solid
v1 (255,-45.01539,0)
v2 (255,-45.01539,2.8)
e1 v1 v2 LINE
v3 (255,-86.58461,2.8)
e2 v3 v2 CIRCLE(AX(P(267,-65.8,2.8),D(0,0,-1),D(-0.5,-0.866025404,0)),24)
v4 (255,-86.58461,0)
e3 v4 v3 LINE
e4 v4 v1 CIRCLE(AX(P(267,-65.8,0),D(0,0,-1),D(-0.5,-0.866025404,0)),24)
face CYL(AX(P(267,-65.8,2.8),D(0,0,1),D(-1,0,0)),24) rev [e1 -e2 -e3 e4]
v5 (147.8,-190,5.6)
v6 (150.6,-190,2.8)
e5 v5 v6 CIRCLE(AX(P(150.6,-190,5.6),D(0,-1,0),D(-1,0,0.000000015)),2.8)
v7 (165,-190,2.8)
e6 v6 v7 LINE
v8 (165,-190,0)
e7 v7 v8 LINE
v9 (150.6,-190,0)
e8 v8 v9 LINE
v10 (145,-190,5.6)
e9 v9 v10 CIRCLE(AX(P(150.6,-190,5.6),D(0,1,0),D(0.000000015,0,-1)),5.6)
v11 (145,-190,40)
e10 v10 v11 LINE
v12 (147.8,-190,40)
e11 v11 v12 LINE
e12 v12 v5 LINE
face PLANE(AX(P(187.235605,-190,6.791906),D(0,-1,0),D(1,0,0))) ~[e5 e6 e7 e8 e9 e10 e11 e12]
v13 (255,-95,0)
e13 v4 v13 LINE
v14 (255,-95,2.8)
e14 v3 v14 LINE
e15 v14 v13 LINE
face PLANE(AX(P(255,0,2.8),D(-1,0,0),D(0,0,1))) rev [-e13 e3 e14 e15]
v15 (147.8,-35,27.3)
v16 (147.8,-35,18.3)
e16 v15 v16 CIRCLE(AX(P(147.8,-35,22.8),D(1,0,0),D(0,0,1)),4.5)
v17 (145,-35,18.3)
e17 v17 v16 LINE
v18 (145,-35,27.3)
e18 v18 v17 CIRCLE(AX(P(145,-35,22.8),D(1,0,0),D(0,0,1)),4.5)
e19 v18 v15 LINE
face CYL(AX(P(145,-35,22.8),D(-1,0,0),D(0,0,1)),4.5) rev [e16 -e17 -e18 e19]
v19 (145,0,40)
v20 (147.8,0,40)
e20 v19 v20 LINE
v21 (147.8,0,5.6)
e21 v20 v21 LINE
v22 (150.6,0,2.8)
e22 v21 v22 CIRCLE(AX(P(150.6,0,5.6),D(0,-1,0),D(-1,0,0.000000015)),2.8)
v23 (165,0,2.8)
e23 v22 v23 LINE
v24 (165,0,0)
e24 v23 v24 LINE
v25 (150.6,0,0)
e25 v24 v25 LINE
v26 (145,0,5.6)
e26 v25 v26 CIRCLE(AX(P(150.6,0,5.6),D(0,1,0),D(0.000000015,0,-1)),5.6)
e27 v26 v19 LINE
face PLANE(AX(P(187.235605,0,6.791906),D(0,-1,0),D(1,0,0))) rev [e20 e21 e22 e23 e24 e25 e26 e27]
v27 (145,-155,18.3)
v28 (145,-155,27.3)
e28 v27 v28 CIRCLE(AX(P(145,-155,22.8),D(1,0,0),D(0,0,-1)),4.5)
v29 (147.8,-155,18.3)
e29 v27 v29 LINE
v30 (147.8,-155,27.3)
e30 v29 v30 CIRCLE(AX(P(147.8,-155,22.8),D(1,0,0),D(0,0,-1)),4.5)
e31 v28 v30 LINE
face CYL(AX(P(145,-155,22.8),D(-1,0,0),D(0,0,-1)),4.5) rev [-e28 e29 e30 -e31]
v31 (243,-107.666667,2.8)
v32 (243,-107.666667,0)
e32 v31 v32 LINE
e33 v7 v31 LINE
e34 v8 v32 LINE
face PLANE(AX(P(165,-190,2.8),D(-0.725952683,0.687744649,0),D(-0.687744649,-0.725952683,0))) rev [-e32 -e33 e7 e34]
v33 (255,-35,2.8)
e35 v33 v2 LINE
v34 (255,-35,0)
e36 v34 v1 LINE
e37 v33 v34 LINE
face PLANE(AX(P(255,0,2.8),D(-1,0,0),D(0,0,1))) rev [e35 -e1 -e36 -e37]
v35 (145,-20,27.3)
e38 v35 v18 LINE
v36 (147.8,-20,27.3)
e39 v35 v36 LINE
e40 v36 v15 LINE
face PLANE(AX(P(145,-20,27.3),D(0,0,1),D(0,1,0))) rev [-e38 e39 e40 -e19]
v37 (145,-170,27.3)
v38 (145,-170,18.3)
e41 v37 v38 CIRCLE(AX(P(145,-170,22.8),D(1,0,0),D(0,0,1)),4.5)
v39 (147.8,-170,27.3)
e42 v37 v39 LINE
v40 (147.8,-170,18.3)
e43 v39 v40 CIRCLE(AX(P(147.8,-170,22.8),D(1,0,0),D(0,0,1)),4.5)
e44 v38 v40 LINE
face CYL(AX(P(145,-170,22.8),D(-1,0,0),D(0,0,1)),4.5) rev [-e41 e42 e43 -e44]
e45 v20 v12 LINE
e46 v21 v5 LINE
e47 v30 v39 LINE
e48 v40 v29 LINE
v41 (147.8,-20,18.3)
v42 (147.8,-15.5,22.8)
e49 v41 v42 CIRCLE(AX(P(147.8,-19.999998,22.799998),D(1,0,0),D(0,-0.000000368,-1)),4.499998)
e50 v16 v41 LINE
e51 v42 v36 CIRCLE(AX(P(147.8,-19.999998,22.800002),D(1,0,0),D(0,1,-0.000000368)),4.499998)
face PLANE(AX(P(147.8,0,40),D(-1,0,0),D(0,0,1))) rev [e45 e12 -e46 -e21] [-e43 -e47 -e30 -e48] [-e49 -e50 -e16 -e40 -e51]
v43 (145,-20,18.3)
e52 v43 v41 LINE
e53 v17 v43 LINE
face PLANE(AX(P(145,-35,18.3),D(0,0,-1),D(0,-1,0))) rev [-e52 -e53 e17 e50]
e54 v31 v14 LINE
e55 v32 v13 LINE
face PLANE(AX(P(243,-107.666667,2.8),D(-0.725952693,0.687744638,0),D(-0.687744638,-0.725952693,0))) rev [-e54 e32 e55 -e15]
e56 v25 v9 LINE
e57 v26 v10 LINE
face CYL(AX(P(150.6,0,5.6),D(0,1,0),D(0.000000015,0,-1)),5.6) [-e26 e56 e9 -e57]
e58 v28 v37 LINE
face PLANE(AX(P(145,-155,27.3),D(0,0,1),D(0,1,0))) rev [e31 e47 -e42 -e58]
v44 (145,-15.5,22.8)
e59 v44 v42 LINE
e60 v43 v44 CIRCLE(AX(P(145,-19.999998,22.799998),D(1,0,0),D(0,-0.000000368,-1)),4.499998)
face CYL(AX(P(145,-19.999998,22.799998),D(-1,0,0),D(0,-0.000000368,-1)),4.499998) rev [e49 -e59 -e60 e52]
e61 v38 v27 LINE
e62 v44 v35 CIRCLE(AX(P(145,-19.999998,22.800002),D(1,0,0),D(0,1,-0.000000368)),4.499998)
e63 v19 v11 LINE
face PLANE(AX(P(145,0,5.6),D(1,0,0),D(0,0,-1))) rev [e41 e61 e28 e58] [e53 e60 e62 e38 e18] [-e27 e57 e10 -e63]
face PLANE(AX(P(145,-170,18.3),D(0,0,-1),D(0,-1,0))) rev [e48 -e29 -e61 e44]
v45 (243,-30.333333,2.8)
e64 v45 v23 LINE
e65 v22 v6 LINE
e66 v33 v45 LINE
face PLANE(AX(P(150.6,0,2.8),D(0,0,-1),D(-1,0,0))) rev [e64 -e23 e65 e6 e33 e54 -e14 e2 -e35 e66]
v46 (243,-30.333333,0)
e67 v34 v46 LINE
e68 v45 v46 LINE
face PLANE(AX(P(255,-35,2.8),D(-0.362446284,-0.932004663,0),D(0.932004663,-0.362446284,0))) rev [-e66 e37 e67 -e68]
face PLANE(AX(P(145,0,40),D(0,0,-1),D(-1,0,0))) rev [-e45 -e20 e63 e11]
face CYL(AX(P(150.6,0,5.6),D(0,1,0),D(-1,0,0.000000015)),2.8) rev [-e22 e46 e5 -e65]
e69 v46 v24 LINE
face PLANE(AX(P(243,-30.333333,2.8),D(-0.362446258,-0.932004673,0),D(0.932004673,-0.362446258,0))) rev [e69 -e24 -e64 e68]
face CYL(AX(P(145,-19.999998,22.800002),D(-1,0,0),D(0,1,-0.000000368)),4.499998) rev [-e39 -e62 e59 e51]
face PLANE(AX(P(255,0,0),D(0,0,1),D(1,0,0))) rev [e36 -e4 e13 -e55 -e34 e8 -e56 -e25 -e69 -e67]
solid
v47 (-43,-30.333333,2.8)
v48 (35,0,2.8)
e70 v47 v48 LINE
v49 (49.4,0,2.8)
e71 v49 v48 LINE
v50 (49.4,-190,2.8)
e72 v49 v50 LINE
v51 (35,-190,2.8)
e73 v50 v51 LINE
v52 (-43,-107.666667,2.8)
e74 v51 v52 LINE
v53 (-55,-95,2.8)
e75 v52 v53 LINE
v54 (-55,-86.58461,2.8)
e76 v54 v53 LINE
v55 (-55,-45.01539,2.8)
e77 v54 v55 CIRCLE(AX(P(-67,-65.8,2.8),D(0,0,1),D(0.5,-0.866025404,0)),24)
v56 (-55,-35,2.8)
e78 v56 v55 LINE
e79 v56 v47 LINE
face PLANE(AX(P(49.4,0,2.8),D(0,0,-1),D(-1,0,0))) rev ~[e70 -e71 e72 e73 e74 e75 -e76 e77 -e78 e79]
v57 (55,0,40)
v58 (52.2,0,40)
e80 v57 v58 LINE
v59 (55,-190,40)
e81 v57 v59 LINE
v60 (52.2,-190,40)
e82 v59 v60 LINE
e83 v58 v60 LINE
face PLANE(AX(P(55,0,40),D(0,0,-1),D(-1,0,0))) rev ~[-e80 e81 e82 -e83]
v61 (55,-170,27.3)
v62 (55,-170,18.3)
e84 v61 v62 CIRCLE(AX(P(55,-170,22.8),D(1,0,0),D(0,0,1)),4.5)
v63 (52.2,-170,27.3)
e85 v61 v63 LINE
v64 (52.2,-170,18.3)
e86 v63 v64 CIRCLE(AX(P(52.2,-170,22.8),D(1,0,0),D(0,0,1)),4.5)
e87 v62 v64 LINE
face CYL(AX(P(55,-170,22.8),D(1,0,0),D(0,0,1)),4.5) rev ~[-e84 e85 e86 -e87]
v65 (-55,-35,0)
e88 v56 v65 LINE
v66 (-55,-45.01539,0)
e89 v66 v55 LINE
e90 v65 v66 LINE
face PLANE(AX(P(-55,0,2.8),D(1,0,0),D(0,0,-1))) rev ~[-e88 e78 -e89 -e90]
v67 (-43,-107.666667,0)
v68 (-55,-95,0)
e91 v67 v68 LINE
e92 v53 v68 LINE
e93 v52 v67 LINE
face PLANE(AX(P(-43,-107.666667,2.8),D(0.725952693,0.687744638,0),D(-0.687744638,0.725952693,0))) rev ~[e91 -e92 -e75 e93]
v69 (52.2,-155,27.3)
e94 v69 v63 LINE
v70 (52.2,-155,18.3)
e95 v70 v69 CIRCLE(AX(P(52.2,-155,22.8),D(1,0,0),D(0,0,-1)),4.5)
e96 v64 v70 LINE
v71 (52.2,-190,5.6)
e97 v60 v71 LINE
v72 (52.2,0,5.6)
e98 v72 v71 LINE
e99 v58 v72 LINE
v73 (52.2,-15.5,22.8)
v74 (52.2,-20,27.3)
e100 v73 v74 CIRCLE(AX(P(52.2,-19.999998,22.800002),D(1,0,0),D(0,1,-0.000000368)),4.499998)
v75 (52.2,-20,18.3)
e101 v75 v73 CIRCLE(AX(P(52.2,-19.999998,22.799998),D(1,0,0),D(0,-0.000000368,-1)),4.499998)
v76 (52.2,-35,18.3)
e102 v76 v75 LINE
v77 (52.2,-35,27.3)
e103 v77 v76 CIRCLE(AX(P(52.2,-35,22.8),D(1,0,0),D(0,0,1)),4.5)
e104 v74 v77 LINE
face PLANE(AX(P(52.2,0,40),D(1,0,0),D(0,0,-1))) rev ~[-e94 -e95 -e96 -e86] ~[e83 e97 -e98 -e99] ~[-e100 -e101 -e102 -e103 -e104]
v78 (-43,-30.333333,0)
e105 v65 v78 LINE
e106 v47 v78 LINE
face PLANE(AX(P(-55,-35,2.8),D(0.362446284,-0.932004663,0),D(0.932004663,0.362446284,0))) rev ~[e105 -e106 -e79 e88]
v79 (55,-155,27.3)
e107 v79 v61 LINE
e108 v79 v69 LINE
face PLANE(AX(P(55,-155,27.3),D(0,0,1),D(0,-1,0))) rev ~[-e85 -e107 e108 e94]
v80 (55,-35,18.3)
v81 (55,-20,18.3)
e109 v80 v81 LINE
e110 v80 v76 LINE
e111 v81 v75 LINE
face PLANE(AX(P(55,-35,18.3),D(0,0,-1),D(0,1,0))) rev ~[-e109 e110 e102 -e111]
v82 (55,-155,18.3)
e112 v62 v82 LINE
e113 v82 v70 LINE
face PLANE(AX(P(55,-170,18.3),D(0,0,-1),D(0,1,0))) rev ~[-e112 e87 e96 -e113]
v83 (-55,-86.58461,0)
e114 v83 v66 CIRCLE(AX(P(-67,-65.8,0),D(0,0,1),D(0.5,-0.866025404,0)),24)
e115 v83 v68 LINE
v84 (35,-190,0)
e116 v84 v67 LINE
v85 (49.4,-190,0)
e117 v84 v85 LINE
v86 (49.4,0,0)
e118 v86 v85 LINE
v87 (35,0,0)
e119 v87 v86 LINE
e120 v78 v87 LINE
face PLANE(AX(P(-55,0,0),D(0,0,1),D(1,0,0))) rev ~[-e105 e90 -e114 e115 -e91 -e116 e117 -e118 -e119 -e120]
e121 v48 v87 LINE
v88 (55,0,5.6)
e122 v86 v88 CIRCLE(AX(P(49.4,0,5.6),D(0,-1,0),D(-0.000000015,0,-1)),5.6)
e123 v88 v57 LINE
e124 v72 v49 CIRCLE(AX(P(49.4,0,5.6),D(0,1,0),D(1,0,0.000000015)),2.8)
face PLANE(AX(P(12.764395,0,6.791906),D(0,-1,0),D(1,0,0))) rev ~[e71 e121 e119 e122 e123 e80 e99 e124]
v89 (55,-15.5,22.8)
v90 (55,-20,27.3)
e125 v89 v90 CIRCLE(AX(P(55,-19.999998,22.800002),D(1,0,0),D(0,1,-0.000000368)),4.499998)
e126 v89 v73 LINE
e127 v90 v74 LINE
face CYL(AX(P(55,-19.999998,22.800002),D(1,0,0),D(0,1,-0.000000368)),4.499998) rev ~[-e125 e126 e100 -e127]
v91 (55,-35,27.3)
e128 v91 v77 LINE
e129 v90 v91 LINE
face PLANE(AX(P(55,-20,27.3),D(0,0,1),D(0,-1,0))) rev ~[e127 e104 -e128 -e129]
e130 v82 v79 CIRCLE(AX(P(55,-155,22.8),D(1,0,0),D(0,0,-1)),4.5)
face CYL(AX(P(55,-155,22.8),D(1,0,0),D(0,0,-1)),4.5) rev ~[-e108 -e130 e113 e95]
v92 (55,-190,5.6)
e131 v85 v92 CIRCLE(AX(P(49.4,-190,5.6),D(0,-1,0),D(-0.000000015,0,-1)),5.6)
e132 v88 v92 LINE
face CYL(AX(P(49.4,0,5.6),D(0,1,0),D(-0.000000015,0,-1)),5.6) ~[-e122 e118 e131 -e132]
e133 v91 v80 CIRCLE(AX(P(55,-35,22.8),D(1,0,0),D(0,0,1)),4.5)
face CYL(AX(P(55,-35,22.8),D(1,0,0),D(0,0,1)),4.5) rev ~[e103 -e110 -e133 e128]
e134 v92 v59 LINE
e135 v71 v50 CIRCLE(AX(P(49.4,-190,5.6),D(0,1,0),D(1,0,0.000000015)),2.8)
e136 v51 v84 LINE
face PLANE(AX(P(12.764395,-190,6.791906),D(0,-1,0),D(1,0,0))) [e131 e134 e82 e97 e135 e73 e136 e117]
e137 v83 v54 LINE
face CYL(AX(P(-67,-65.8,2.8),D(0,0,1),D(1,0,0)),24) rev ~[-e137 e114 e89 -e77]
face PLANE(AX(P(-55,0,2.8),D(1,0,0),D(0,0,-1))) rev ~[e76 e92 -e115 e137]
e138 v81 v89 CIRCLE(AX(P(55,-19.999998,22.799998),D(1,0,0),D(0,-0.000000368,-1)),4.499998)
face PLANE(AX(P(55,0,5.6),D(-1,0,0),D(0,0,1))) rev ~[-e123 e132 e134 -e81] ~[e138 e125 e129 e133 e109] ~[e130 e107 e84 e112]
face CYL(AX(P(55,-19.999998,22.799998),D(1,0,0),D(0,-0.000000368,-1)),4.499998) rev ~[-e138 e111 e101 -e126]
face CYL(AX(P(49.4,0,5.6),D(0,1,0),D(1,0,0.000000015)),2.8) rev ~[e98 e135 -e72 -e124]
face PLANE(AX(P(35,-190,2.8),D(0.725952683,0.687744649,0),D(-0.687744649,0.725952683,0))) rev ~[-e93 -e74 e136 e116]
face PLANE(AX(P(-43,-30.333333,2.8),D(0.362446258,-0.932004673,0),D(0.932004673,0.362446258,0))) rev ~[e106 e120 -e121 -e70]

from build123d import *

# Parameters (mm, degrees)
F1_DEPTH = 190
F2_R     = 24
F3_DEPTH = 3
F5_DEPTH = 3


with BuildPart() as f1:
    # F0 (on Front) → F1 (new body)
    with BuildSketch(Plane.XZ):
        with BuildLine():
            Line((-55, 0), (0, 0))
            Line((0, 0), (49.4, 0))
            ThreePointArc((49.4, 0), (53.359798, 1.640202), (55, 5.6))
            Line((55, 5.6), (55, 40))
            Line((55, 40), (52.2, 40))
            Line((52.2, 40), (52.2, 5.6))
            ThreePointArc((52.2, 5.6), (51.379899, 3.620101), (49.4, 2.8))
            Line((49.4, 2.8), (0, 2.8))
            Line((0, 2.8), (-55, 2.8))
            Line((-55, 2.8), (-55, 0))
        make_face()
    extrude(amount=F1_DEPTH)

    # F2 (on face) → F3 (cut)
    with BuildSketch(Plane.XY.offset(2.8)):
        Polygon((-43, 0), (-55, 0), (-55, -35), (-43, -30.333333), align=None)
        Polygon((35, -190), (-43, -107.666667), (-43, -190), align=None)
        Polygon((-43, -190), (-43, -107.666667), (-55, -95), (-55, -190), align=None)
        with Locations((-67, -65.8)):
            Circle(F2_R)
        Polygon((35, 0), (-43, 0), (-43, -30.333333), align=None)
    extrude(amount=-F3_DEPTH, mode=Mode.SUBTRACT)

    # F4 (on face) → F5 (cut)
    with BuildSketch(Plane.YZ.offset(55)):
        with BuildLine():
            Line((-35, 18.3), (-20, 18.3))
            ThreePointArc((-20, 18.3), (-16.818019, 19.618019), (-15.5, 22.8))
            ThreePointArc((-15.5, 22.8), (-16.818019, 25.981981), (-20, 27.3))
            Line((-20, 27.3), (-35, 27.3))
            ThreePointArc((-35, 27.3), (-39.5, 22.8), (-35, 18.3))
        make_face()
        with BuildLine():
            Line((-170, 18.3), (-155, 18.3))
            ThreePointArc((-155, 18.3), (-150.5, 22.8), (-155, 27.3))
            Line((-155, 27.3), (-170, 27.3))
            ThreePointArc((-170, 27.3), (-174.5, 22.8), (-170, 18.3))
        make_face()
    extrude(amount=-F5_DEPTH, mode=Mode.SUBTRACT)


with BuildPart() as f7_1:
    # F7: instance of F1
    add(f1.part.mirror(Plane.YZ.offset(100)))


solid = Compound([f1.part, f7_1.part])
